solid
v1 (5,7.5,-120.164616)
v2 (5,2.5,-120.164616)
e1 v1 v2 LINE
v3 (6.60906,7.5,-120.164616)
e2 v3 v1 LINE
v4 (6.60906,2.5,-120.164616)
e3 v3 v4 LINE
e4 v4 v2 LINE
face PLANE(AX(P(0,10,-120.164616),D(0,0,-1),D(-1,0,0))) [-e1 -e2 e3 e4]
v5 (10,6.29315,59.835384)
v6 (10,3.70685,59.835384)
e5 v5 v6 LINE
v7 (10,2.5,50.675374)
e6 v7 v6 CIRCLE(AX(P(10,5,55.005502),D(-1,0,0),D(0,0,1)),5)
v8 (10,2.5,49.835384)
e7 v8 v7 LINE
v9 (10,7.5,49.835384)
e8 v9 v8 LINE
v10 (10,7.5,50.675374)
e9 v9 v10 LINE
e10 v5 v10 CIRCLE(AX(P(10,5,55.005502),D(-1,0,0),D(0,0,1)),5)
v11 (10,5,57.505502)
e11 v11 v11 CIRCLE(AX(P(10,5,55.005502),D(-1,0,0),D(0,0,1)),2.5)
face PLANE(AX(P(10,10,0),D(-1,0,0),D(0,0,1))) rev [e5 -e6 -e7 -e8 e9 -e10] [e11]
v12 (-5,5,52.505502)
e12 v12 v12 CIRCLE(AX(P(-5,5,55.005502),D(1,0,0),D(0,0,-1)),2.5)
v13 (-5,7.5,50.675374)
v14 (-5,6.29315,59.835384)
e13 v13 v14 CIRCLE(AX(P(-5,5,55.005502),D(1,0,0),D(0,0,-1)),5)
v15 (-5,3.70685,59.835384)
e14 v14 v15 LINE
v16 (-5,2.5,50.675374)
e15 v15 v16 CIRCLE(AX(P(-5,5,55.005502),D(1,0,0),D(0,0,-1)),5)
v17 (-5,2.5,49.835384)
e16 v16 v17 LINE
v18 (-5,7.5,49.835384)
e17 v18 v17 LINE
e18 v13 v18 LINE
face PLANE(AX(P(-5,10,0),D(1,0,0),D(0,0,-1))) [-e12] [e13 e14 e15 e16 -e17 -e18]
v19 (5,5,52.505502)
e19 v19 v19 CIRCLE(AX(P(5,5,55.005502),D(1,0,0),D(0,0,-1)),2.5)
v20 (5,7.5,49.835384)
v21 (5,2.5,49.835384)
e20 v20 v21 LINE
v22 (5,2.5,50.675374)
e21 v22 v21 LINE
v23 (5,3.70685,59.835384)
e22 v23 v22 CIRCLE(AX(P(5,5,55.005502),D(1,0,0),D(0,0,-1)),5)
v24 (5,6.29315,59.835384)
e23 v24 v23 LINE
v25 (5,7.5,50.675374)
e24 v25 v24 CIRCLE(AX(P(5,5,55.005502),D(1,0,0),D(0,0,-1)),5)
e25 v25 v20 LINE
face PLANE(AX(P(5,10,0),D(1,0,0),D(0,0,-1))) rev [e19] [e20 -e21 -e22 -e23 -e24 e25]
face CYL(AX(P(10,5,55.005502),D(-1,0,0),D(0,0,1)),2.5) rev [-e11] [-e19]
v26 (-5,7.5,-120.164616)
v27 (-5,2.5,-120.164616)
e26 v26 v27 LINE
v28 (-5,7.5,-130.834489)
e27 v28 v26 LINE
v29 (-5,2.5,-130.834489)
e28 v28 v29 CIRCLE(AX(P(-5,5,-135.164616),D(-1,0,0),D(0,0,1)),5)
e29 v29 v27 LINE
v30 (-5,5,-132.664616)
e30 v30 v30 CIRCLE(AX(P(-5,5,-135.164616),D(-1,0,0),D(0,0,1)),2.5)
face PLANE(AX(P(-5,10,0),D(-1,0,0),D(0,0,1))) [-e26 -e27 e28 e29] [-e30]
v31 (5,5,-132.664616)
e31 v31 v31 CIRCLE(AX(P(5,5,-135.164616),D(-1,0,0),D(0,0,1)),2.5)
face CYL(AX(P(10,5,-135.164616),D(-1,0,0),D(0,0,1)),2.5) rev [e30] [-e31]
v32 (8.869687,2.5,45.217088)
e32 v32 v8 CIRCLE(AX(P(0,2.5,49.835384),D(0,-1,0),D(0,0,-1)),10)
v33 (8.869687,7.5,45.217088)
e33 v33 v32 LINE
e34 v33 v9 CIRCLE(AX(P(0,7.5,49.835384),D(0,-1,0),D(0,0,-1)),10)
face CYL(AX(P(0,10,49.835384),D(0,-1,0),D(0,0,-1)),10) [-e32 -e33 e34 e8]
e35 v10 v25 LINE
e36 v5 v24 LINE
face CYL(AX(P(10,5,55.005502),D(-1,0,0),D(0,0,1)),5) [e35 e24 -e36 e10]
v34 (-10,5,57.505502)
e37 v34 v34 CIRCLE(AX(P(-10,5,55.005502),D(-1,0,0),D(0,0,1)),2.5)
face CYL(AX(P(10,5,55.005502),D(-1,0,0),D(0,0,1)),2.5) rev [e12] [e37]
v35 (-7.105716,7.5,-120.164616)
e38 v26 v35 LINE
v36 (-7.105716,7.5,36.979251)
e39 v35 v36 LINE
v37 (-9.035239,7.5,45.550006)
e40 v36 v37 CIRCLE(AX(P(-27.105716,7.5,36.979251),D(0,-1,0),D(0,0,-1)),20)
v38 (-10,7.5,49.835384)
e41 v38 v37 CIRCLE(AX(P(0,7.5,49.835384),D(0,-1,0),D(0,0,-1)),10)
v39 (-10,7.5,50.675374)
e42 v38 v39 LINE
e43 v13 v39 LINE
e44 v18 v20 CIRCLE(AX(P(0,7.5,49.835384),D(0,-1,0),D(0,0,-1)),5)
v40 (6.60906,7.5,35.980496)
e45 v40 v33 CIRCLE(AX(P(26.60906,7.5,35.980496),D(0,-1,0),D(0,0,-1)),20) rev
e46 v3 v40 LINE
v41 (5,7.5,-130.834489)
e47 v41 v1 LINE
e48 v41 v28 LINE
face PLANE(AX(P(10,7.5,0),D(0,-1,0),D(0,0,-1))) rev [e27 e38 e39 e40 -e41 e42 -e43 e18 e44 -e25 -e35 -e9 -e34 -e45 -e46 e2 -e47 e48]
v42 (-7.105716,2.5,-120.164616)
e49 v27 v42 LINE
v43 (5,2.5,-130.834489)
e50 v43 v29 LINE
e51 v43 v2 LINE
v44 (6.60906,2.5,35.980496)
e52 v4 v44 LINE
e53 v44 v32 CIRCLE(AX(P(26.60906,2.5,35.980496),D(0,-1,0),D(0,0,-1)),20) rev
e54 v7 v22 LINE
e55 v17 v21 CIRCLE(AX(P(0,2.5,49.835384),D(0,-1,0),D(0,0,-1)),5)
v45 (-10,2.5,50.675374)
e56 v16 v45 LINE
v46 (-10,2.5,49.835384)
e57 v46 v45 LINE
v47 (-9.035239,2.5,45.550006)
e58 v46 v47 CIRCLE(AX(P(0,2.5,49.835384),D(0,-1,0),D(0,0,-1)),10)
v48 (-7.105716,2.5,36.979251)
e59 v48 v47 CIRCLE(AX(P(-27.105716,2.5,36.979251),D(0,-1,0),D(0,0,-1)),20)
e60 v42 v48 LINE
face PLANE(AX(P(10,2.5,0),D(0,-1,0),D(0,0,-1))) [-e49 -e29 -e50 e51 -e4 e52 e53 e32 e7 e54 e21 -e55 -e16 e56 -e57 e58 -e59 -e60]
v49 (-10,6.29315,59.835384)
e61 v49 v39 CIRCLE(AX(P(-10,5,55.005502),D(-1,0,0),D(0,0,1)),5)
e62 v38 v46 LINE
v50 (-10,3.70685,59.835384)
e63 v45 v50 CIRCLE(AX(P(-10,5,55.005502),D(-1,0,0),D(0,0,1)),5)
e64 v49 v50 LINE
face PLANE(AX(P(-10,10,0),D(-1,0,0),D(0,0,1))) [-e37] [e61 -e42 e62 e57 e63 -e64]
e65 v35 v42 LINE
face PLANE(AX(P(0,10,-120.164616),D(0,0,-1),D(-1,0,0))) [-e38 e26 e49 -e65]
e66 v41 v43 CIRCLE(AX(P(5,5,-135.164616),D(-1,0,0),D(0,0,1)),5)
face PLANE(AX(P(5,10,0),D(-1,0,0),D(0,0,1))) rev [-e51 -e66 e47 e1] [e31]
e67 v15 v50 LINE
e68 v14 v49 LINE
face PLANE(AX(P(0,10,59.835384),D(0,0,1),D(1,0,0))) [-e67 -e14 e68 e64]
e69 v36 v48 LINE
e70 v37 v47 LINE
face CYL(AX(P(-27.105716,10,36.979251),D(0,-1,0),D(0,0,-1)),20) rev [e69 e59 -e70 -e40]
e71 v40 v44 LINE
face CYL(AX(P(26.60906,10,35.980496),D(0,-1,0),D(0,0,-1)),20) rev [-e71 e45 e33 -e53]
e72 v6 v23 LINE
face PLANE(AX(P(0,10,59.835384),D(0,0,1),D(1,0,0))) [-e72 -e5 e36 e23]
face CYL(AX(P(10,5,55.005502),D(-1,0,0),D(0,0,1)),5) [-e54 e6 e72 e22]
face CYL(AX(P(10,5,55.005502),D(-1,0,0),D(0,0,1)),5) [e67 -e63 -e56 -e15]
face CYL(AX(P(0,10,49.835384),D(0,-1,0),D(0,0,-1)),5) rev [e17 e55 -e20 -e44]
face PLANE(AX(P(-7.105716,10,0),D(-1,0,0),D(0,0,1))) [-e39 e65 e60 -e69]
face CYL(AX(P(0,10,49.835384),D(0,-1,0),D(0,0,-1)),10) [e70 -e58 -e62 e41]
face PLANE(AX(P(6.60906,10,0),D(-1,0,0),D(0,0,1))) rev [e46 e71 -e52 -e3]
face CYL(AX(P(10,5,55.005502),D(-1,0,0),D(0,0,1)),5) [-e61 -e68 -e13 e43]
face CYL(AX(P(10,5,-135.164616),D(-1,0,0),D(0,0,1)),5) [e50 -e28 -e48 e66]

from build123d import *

# Parameters (mm, degrees)
BOSS_EXTRUDE2_DEPTH = 10
SKETCH7_R           = 2.5
CUT_EXTRUDE1_DEPTH  = 142.937027035


with BuildPart() as part:
    # Sketch3 → Boss-Extrude2 (new body)
    with BuildSketch(Plane(origin=(0, 0, 0), x_dir=(1, 0, 0), z_dir=(0, 1, 0))):
        with BuildLine():
            ThreePointArc((-5, -49.835383767), (-3.535533906, -46.299849861), (0, -44.835383767))
            ThreePointArc((0, -44.835383767), (3.535533906, -46.299849861), (5, -49.835383767))
            Line((5, -49.835383767), (5, -59.835383767))
            Line((5, -59.835383767), (10, -59.835383767))
            Line((10, -59.835383767), (10, -49.835383767))
            ThreePointArc((10, -49.835383767), (9.713312199, -47.45808149), (8.869686776, -45.217087925))
            ThreePointArc((8.869686776, -45.217087925), (7.18243593, -40.735100795), (6.609060329, -35.98049624))
            Line((6.609060329, -35.98049624), (6.609060329, 120.164616233))
            Line((6.609060329, 120.164616233), (5, 120.164616233))
            Line((5, 120.164616233), (5, 140.164616233))
            Line((5, 140.164616233), (-5, 140.164616233))
            Line((-5, 140.164616233), (-5, 120.164616233))
            Line((-5, 120.164616233), (-7.105716065, 120.164616233))
            Line((-7.105716065, 120.164616233), (-7.105716065, -36.979250733))
            ThreePointArc((-7.105716065, -36.979250733), (-7.594058684, -41.37188391), (-9.035238688, -45.550006089))
            ThreePointArc((-9.035238688, -45.550006089), (-9.755828695, -47.6390672), (-10, -49.835383811))
            Line((-10, -49.835383811), (-10, -59.835383767))
            Line((-10, -59.835383767), (-5, -59.835383767))
            Line((-5, -59.835383767), (-5, -49.835383767))
        make_face()
    extrude(amount=BOSS_EXTRUDE2_DEPTH)

    # Sketch7 → Cut-Extrude1 (cut, through all)
    with BuildSketch(Plane.ZY.offset(10)):
        with BuildLine():
            ThreePointArc((-140.164616233, 5), (-138.700150139, 8.535533906), (-135.164616233, 10))
            Line((-135.164616233, 10), (-140.164616233, 10))
            Line((-140.164616233, 10), (-140.164616233, 5))
        make_face()
        with BuildLine():
            ThreePointArc((-135.164616202, 0), (-138.700150128, 1.464466083), (-140.164616233, 5))
            Line((-140.164616233, 5), (-140.164616233, 0))
            Line((-140.164616233, 0), (-135.164616202, 0))
        make_face()
        with BuildLine():
            ThreePointArc((-135.164616233, 10), (-132.664616233, 9.330127019), (-130.834489214, 7.5))
            Line((-130.834489214, 7.5), (-120.164616233, 7.5))
            Line((-120.164616233, 7.5), (-120.164616233, 10))
            Line((-120.164616233, 10), (-135.164616233, 10))
        make_face()
        with BuildLine():
            Line((-120.164616233, 0), (-120.164616233, 2.5))
            Line((-120.164616233, 2.5), (-130.834489214, 2.5))
            ThreePointArc((-130.834489214, 2.5), (-132.664616219, 0.669872989), (-135.164616202, 0))
            Line((-135.164616202, 0), (-120.164616233, 0))
        make_face()
        Polygon((49.835383767, 2.5), (-120.164616233, 2.5), (-120.164616233, 0), (36.979250733, 0), (45.550006089, 0), (49.835383767, 0), align=None)
        Polygon((-120.164616233, 10), (-120.164616233, 7.5), (49.835383767, 7.5), (49.835383767, 10), (45.550006089, 10), (36.979250733, 10), align=None)
        with BuildLine():
            Line((49.835383767, 10), (49.835383767, 7.5))
            Line((49.835383767, 7.5), (50.675374481, 7.5))
            ThreePointArc((50.675374481, 7.5), (52.5055015, 9.330127019), (55.0055015, 10))
            Line((55.0055015, 10), (49.835383767, 10))
        make_face()
        with BuildLine():
            Line((59.835383767, 10), (55.0055015, 10))
            ThreePointArc((55.0055015, 10), (58.049696739, 8.966468877), (59.835383767, 6.293150141))
            Line((59.835383767, 6.293150141), (59.835383767, 10))
        make_face()
        with BuildLine():
            ThreePointArc((59.835383767, 3.706849859), (58.049696739, 1.033531123), (55.0055015, 0))
            Line((55.0055015, 0), (59.835383767, 0))
            Line((59.835383767, 0), (59.835383767, 3.706849859))
        make_face()
        with BuildLine():
            Line((50.675374481, 2.5), (49.835383767, 2.5))
            Line((49.835383767, 2.5), (49.835383767, 0))
            Line((49.835383767, 0), (55.0055015, 0))
            ThreePointArc((55.0055015, 0), (52.5055015, 0.669872981), (50.675374481, 2.5))
        make_face()
        with Locations((55.0055015, 5)):
            Circle(SKETCH7_R)
        with Locations((-135.164616233, 5)):
            Circle(SKETCH7_R)
    extrude(amount=-CUT_EXTRUDE1_DEPTH, mode=Mode.SUBTRACT)


solid = part.part
